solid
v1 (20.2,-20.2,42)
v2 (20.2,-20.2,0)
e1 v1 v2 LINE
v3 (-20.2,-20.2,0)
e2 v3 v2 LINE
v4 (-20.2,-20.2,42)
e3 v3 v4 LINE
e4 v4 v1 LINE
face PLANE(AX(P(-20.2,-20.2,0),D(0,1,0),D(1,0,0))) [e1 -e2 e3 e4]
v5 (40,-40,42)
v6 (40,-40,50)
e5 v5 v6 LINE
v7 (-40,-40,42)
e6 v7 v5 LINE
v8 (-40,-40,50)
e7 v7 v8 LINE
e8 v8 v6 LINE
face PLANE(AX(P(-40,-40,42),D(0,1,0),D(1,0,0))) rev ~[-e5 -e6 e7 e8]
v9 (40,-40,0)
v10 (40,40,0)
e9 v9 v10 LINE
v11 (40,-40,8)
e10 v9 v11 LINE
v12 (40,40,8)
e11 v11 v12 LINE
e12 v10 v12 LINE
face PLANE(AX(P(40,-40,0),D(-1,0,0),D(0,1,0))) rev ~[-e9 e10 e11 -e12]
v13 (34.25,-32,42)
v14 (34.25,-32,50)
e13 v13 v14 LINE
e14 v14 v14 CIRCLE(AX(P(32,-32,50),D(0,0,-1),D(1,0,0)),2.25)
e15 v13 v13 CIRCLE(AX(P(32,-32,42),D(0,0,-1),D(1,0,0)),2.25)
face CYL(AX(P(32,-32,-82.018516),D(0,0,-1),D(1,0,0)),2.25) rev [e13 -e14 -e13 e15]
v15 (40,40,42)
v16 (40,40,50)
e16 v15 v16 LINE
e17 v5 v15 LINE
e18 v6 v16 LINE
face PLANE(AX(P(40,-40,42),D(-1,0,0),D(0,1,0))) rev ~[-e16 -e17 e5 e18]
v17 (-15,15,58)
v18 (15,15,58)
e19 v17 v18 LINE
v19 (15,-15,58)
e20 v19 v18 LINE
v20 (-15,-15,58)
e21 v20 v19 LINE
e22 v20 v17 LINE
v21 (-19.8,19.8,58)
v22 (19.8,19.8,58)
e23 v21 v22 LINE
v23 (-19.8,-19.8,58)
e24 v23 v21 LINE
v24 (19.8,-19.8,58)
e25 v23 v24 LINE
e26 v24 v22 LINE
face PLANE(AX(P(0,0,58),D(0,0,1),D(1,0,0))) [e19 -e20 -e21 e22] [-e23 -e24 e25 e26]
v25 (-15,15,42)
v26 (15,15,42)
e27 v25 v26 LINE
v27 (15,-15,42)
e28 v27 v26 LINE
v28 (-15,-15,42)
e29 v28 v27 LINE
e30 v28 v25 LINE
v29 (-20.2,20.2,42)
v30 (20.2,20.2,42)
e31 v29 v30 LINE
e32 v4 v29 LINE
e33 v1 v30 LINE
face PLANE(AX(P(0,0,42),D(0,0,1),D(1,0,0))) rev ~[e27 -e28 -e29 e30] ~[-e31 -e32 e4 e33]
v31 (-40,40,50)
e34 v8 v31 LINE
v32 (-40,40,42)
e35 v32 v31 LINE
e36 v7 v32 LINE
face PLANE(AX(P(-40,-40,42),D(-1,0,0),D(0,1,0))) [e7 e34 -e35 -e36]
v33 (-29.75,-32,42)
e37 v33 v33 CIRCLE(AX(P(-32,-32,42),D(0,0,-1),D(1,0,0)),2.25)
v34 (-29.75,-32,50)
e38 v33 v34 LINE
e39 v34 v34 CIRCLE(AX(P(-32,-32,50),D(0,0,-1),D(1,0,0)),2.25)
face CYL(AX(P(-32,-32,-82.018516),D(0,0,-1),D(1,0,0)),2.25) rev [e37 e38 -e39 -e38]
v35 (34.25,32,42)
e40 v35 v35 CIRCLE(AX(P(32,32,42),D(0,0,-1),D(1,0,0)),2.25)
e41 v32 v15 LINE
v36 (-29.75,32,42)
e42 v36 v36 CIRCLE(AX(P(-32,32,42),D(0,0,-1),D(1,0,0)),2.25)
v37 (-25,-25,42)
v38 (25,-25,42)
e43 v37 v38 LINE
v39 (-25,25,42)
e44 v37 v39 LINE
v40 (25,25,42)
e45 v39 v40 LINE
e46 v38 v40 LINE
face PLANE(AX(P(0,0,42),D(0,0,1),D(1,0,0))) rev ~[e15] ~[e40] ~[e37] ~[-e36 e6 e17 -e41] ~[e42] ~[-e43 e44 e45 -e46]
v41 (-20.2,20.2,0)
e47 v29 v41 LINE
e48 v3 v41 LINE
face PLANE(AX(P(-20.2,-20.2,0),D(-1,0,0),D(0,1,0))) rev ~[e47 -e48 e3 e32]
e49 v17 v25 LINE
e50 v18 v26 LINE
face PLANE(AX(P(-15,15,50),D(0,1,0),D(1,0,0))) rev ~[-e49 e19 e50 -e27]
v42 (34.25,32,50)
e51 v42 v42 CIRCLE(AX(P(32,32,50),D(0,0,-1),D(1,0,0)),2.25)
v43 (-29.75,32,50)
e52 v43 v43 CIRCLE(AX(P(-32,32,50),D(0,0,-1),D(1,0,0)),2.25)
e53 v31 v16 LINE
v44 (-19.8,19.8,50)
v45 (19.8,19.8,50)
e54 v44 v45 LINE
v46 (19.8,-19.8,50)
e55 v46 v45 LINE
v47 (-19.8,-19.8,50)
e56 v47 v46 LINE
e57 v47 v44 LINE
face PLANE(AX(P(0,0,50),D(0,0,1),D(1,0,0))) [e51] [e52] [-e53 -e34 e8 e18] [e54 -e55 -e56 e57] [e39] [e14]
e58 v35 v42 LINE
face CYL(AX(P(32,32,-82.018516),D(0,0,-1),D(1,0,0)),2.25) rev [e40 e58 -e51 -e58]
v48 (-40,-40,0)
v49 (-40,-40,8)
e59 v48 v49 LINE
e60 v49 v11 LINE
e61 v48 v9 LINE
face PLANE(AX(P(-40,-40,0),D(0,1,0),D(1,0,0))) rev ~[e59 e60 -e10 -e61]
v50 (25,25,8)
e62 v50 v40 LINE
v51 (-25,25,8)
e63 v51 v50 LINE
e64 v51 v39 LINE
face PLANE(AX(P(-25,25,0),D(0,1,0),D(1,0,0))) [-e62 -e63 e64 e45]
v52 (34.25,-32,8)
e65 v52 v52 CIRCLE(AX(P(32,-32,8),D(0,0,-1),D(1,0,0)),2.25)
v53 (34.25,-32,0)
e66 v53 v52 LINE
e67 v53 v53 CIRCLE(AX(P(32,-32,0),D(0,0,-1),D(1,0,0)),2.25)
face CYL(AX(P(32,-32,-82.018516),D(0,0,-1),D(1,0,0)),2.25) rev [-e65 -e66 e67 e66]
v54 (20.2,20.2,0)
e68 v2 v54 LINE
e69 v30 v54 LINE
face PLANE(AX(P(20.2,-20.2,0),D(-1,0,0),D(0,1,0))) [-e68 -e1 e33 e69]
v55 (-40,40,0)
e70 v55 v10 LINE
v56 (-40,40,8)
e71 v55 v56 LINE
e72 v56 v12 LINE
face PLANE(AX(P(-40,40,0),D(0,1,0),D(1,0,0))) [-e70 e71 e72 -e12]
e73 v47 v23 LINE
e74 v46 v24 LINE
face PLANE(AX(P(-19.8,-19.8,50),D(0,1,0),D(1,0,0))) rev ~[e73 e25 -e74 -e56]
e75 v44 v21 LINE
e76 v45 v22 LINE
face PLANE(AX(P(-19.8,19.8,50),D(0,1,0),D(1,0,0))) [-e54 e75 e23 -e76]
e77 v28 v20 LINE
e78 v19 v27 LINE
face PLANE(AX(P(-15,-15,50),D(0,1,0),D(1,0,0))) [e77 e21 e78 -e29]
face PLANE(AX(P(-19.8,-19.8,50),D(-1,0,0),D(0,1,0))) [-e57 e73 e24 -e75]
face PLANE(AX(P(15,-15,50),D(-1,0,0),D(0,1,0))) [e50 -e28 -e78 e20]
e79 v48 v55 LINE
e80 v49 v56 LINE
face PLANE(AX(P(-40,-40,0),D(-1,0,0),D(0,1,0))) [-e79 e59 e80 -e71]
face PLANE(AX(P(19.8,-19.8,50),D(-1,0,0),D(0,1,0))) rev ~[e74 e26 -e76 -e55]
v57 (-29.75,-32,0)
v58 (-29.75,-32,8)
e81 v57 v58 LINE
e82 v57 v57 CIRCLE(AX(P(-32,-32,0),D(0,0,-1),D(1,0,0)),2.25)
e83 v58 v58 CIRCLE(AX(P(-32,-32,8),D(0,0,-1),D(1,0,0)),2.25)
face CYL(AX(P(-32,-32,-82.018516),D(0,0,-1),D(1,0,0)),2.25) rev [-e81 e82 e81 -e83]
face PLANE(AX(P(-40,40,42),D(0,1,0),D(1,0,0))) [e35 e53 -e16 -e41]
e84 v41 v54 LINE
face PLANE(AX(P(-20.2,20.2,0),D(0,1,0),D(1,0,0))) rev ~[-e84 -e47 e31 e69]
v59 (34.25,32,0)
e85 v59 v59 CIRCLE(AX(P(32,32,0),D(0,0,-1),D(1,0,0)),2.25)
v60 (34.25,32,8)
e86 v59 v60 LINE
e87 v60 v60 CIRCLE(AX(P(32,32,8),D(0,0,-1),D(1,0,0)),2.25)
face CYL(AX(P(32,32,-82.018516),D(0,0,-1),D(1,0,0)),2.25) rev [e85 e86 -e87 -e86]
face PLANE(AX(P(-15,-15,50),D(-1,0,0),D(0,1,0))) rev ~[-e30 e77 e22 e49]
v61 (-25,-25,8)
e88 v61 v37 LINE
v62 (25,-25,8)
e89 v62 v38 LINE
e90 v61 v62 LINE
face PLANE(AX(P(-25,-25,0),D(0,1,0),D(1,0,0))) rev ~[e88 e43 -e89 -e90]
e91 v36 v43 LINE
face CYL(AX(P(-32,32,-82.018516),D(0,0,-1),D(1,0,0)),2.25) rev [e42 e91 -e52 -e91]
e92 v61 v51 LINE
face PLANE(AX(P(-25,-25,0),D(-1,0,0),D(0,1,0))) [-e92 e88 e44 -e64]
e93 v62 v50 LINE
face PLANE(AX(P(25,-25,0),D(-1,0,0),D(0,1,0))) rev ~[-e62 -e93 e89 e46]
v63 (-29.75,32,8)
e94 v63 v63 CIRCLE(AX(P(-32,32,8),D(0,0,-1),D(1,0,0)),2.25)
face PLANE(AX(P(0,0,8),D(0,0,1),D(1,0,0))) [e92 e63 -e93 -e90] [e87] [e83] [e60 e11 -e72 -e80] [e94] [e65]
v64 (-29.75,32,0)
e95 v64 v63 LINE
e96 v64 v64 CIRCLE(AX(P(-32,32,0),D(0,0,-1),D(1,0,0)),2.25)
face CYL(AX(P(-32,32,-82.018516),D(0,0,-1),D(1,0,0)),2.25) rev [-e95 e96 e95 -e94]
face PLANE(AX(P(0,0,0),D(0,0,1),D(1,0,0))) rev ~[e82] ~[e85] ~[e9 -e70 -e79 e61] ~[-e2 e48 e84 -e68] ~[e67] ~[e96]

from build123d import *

# Parameters (mm, degrees)
SKETCH_1_W                = 50
SKETCH_1_H                = 50
SKETCH_1_W_2              = 40.4
SKETCH_1_H_2              = 40.4
EXTRUDE_50_4P8_DEPTH      = 50
SKETCH_2_W                = 80
SKETCH_2_H                = 80
SKETCH_2_W_2              = 40.4
SKETCH_2_H_2              = 40.4
EXTRUDE_379_DEPTH         = 8
EXTRUDE_START             = 42
SKETCH_3_W                = 80
SKETCH_3_H                = 80
SKETCH_3_W_2              = 30
SKETCH_3_H_2              = 30
EXTRUDE_483_DEPTH         = 8
EXTRUDE_START_2           = 50
SKETCH_4_W                = 39.6
SKETCH_4_H                = 39.6
SKETCH_4_W_2              = 30
SKETCH_4_H_2              = 30
EXTRUDE_39P6_DEPTH        = 8
CUT_EXTRUDE_M4_DEPTH      = 82.018516402
CUT_EXTRUDE_M4_DEPTH_BACK = 82.018516402
SKETCH_5_R                = 2.25


with BuildPart() as part:
    # 草图1 → 50方管壁厚4p8 (new body)
    with BuildSketch(Plane.XY):
        Rectangle(SKETCH_1_W, SKETCH_1_H)
        Rectangle(SKETCH_1_W_2, SKETCH_1_H_2, mode=Mode.SUBTRACT)
    extrude(amount=EXTRUDE_50_4P8_DEPTH)

    # 草图2 → Extrude 379 (add)
    with BuildSketch(Plane.XY):
        Rectangle(SKETCH_2_W, SKETCH_2_H)
        Rectangle(SKETCH_2_W_2, SKETCH_2_H_2, mode=Mode.SUBTRACT)
    extrude(amount=EXTRUDE_379_DEPTH)

    # 草图3 → Extrude 483 (add)
    with BuildSketch(Plane.XY.offset(EXTRUDE_START)):
        Rectangle(SKETCH_3_W, SKETCH_3_H)
        Rectangle(SKETCH_3_W_2, SKETCH_3_H_2, mode=Mode.SUBTRACT)
    extrude(amount=EXTRUDE_483_DEPTH)

    # 草图4 → 定位凸台39p6 (add)
    with BuildSketch(Plane.XY.offset(EXTRUDE_START_2)):
        Rectangle(SKETCH_4_W, SKETCH_4_H)
        Rectangle(SKETCH_4_W_2, SKETCH_4_H_2, mode=Mode.SUBTRACT)
    extrude(amount=EXTRUDE_39P6_DEPTH)

    # 草图5 → 四个M4法兰通孔 (cut, two sides: drawn at the far end of the back side and taken through both)
    with BuildSketch(Plane.XY.offset(-CUT_EXTRUDE_M4_DEPTH_BACK)):
        with Locations((-32, -32)):
            Circle(SKETCH_5_R)
        with Locations((-32, 32)):
            Circle(SKETCH_5_R)
        with Locations((32, -32)):
            Circle(SKETCH_5_R)
        with Locations((32, 32)):
            Circle(SKETCH_5_R)
    extrude(amount=CUT_EXTRUDE_M4_DEPTH + CUT_EXTRUDE_M4_DEPTH_BACK, mode=Mode.SUBTRACT)


solid = part.part
